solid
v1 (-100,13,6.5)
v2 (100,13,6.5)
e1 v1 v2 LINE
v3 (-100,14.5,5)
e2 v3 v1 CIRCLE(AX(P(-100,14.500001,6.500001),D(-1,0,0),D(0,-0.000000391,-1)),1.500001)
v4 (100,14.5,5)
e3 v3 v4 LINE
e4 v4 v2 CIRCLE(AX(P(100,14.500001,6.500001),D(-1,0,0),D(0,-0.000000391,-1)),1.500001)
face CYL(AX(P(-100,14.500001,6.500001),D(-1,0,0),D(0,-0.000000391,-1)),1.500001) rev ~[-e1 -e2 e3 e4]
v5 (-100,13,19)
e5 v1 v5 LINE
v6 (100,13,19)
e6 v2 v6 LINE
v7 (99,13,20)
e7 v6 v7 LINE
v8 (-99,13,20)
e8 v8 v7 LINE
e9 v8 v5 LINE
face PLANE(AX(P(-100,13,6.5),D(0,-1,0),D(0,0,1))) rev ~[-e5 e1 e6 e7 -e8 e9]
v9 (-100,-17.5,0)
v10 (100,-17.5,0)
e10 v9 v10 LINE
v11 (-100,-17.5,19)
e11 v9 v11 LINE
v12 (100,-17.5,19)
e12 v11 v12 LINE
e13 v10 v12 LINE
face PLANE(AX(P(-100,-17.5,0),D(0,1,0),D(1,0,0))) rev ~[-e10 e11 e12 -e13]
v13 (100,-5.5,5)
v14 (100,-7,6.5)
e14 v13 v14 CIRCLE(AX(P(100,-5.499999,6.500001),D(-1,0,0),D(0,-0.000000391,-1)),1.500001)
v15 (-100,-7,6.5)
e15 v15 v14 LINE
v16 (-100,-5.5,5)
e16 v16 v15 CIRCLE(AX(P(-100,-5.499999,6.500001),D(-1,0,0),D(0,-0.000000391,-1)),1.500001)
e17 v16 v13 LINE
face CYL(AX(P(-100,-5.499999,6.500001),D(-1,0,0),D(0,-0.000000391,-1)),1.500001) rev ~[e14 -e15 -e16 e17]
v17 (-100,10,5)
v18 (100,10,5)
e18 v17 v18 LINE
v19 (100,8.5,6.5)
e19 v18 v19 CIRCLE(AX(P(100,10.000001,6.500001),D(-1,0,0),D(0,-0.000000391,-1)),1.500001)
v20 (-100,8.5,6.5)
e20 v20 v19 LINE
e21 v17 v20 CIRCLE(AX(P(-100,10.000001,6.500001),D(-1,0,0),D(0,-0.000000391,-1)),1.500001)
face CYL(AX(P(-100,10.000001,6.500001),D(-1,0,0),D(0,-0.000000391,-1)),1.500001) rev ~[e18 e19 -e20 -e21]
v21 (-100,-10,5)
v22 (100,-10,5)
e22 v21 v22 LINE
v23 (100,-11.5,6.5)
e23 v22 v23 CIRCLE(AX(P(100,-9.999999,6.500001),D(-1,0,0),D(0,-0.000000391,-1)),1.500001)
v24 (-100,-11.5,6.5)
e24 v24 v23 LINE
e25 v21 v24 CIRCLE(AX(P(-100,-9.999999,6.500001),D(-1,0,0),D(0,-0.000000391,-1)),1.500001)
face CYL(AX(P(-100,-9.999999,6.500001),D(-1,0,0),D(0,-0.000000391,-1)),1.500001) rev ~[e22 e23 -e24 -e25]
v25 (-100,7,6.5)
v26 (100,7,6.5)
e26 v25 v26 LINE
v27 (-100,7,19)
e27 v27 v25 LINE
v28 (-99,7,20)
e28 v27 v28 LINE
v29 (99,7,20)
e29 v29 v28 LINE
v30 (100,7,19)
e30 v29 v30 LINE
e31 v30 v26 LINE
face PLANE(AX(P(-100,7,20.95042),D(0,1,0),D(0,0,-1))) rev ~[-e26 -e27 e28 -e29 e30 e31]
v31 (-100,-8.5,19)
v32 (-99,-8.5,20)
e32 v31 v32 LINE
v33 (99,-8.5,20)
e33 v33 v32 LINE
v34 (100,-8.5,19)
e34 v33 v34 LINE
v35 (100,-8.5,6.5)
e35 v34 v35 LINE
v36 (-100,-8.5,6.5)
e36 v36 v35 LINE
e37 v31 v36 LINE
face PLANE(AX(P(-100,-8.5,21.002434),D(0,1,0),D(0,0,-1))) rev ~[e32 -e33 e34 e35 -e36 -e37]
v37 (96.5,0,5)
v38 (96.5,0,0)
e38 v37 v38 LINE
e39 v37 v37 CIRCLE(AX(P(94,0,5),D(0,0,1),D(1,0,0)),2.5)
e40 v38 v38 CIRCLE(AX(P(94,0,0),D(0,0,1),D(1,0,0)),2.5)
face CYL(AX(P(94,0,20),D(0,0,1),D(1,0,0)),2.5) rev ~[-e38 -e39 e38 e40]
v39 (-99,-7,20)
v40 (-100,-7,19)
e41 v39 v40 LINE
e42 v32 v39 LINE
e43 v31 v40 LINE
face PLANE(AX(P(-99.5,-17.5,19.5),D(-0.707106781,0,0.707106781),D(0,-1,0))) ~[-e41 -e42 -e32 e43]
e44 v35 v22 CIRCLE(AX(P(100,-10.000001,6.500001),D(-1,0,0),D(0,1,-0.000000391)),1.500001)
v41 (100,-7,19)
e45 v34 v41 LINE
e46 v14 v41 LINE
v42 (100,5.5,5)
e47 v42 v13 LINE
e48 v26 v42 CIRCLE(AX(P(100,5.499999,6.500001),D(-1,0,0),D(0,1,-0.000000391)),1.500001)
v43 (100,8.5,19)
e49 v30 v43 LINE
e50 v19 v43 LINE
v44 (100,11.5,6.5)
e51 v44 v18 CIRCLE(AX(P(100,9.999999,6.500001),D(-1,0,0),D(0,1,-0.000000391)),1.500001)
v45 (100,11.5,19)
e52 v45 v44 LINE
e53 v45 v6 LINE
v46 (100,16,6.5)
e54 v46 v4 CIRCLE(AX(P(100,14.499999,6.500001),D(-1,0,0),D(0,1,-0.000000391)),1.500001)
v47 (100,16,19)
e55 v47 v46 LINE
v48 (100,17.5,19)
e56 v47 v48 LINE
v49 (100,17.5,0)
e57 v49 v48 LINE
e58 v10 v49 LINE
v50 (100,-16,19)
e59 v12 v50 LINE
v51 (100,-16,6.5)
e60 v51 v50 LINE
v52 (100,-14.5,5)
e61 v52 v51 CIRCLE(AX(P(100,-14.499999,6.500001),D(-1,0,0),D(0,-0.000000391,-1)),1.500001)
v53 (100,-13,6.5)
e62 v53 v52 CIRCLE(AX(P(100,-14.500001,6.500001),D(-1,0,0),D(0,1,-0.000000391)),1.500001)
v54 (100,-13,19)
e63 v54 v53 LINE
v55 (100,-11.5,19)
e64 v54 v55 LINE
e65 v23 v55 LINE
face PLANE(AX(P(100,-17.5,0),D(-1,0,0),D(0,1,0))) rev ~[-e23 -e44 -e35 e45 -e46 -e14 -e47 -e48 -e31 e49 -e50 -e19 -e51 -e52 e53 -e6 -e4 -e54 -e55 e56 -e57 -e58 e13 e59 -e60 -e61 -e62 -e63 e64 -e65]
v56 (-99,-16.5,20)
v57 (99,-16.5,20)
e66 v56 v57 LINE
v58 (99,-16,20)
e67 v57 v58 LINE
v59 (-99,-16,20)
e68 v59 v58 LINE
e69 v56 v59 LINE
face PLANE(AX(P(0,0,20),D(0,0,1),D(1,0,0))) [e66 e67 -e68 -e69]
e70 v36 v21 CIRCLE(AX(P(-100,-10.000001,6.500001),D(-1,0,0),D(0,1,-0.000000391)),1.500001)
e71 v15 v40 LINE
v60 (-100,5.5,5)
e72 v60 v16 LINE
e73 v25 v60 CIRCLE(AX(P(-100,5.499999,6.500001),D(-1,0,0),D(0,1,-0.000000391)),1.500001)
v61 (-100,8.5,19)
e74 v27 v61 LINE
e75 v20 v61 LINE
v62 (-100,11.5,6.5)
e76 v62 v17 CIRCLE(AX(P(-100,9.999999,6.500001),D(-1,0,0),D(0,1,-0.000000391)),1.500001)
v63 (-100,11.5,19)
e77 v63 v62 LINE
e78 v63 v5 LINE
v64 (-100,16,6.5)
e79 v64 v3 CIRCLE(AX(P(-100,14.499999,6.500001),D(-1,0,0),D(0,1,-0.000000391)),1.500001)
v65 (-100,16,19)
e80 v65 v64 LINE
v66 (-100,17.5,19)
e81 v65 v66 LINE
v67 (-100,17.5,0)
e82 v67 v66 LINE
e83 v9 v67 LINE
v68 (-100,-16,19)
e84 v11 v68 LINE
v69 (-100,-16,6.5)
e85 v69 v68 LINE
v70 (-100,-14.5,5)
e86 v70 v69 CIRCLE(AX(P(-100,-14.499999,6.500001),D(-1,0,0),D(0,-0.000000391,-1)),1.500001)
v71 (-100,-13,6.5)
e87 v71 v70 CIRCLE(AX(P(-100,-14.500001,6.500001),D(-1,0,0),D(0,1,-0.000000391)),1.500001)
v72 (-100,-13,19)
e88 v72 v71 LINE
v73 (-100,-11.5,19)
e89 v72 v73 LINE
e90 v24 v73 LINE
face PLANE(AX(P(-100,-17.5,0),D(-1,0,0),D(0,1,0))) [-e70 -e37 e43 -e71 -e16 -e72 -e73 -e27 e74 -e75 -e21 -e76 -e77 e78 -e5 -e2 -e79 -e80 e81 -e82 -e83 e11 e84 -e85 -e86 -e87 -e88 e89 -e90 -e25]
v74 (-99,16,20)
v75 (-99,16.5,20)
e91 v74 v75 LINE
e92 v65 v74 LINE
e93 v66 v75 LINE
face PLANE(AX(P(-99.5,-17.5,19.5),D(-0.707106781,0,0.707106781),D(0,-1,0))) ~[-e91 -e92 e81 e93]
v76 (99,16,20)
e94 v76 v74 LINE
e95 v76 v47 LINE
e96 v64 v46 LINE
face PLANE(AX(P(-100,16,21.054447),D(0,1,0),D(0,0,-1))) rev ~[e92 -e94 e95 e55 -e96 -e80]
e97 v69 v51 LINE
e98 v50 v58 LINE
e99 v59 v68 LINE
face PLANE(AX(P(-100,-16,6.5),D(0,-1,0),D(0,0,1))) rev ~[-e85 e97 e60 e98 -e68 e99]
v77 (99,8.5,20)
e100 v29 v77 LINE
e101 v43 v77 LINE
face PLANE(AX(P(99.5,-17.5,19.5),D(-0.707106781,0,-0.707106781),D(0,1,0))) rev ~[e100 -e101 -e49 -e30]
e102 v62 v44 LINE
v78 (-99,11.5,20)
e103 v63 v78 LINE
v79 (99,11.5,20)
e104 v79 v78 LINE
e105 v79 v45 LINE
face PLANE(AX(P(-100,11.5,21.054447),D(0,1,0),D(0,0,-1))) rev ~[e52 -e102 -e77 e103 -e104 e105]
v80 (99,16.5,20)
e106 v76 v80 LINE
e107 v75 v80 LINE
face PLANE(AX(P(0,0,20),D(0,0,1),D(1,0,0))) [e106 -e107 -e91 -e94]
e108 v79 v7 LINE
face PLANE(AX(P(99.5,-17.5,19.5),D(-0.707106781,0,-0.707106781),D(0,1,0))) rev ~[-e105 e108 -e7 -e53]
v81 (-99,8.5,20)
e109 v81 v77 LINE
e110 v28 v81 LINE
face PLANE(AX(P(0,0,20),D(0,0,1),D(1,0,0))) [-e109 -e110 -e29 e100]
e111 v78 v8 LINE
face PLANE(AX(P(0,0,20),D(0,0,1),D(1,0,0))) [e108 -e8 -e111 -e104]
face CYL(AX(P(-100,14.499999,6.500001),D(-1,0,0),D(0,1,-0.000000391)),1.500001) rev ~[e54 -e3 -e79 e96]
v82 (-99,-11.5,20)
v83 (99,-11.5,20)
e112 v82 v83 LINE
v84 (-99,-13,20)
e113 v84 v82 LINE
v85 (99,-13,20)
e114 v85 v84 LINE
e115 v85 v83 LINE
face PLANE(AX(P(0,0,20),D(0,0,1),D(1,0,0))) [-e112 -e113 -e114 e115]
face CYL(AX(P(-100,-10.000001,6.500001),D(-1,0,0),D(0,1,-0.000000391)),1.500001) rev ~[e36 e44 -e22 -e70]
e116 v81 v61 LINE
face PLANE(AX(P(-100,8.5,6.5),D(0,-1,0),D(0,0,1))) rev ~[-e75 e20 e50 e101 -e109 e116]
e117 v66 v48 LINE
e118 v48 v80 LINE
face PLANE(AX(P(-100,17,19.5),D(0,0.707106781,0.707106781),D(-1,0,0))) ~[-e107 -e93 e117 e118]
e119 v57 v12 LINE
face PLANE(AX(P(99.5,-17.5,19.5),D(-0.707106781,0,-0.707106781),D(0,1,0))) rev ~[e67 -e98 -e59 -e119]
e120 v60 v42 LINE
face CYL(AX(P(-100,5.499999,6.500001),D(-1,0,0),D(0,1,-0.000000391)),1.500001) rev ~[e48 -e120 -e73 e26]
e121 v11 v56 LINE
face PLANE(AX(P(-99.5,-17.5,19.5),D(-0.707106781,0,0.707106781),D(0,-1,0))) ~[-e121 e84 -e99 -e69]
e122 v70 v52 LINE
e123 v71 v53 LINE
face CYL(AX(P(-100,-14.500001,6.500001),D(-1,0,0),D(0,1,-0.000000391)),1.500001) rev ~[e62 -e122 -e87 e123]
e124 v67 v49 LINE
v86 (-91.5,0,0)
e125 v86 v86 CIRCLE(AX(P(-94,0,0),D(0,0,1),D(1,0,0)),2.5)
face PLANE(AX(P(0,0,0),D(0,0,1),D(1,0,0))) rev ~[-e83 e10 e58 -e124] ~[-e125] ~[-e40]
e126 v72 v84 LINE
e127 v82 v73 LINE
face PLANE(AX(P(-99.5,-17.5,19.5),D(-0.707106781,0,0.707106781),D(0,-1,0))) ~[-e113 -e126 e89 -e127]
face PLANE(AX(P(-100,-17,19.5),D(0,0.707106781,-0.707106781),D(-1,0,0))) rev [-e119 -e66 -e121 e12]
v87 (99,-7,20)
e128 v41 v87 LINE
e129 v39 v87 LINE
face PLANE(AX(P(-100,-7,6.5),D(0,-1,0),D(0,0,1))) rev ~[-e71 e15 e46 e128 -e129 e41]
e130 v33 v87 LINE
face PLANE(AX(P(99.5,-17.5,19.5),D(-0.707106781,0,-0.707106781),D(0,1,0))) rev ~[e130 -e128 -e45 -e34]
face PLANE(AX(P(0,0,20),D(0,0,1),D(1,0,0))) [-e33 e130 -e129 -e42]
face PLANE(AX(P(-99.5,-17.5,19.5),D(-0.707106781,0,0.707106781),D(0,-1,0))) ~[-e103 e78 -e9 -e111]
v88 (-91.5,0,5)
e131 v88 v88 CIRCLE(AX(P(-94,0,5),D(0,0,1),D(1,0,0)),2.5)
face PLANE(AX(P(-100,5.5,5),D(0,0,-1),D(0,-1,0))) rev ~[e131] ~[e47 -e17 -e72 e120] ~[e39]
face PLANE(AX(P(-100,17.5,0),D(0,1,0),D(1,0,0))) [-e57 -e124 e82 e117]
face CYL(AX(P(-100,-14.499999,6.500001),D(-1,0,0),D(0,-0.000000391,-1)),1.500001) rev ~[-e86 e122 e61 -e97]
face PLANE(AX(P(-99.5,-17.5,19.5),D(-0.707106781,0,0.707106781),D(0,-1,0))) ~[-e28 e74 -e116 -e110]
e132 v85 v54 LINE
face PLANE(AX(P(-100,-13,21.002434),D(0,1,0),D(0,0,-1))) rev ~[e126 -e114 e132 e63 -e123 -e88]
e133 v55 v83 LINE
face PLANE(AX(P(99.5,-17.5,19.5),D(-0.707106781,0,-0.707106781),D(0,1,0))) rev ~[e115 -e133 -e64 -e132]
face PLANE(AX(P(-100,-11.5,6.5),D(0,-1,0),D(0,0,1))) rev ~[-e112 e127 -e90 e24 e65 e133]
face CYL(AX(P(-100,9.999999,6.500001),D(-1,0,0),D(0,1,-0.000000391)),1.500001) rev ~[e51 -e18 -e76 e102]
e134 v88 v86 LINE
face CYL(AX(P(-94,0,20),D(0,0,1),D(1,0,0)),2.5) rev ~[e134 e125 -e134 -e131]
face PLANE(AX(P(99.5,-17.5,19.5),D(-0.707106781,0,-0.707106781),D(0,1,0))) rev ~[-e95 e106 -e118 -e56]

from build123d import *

# Parameters (mm, degrees)
F0_W     = 200
F0_H     = 35
F1_DEPTH = 20
F2_R     = 2.5
F3_DEPTH = 25
F4_SIZE  = 1
F6_DEPTH = 240
F8_DEPTH = 250


with BuildPart() as f1:
    # F0 (on Top) → F1 (new body)
    with BuildSketch(Plane.XY):
        Rectangle(F0_W, F0_H)
    extrude(amount=F1_DEPTH)

    # F2 (on face) → F3 (cut)
    with BuildSketch(Plane.XY.offset(20)):
        with Locations((-94, 0)):
            Circle(F2_R)
        with Locations((94, 0)):
            Circle(F2_R)
    extrude(amount=-F3_DEPTH, mode=Mode.SUBTRACT)

    # F4
    f4_edges = [f1.edges().sort_by_distance(p)[0] for p in [
        (0, 17.5, 20),
        (100, 0, 20),
        (-100, 0, 20),
        (0, -17.5, 20),
        (-96.5, 0, 20),
        (91.5, 0, 20),
    ]]
    chamfer(f4_edges, length=F4_SIZE)

    # F5 (on face) → F6 (cut)
    with BuildSketch(Plane(origin=(-100, 0, 0), x_dir=(0, -1, 0), z_dir=(-1, 0, 0))):
        with BuildLine():
            Line((-13, 21.054447), (-16, 21.054447))
            Line((-16, 21.054447), (-16, 6.5))
            ThreePointArc((-16, 6.5), (-15.56066, 5.43934), (-14.5, 5))
            ThreePointArc((-14.5, 5), (-13.43934, 5.43934), (-13, 6.5))
            Line((-13, 6.5), (-13, 21.054447))
        make_face()
        with BuildLine():
            Line((-8.5, 21.054447), (-11.5, 21.054447))
            Line((-11.5, 21.054447), (-11.5, 6.5))
            ThreePointArc((-11.5, 6.5), (-11.06066, 5.43934), (-10, 5))
            ThreePointArc((-10, 5), (-8.93934, 5.43934), (-8.5, 6.5))
            Line((-8.5, 6.5), (-8.5, 21.054447))
        make_face()
        with BuildLine():
            Line((-4, 20.95042), (-7, 20.95042))
            Line((-7, 20.95042), (-7, 6.5))
            ThreePointArc((-7, 6.5), (-6.56066, 5.43934), (-5.5, 5))
            ThreePointArc((-5.5, 5), (-4.43934, 5.43934), (-4, 6.5))
            Line((-4, 6.5), (-4, 20.95042))
        make_face()
        with BuildLine():
            Line((11.5, 21.002434), (8.5, 21.002434))
            Line((8.5, 21.002434), (8.5, 6.5))
            ThreePointArc((8.5, 6.5), (8.93934, 5.43934), (10, 5))
            ThreePointArc((10, 5), (11.06066, 5.43934), (11.5, 6.5))
            Line((11.5, 6.5), (11.5, 21.002434))
        make_face()
        with BuildLine():
            Line((16, 21.002434), (13, 21.002434))
            Line((13, 21.002434), (13, 6.5))
            ThreePointArc((13, 6.5), (13.43934, 5.43934), (14.5, 5))
            ThreePointArc((14.5, 5), (15.56066, 5.43934), (16, 6.5))
            Line((16, 6.5), (16, 21.002434))
        make_face()
        with BuildLine():
            Line((7, 21.002434), (4, 21.002434))
            Line((4, 21.002434), (4, 6.5))
            ThreePointArc((4, 6.5), (4.43934, 5.43934), (5.5, 5))
            ThreePointArc((5.5, 5), (6.56066, 5.43934), (7, 6.5))
            Line((7, 6.5), (7, 21.002434))
        make_face()
    extrude(amount=-F6_DEPTH, mode=Mode.SUBTRACT)

    # F7 (on face) → F8 (cut)
    with BuildSketch(Plane(origin=(-100, 0, 0), x_dir=(0, -1, 0), z_dir=(-1, 0, 0))):
        with BuildLine():
            ThreePointArc((-4, 6.5), (-4.43934, 5.43934), (-5.5, 5))
            Line((-5.5, 5), (5.5, 5))
            ThreePointArc((5.5, 5), (4.43934, 5.43934), (4, 6.5))
            Line((4, 6.5), (4, 19))
            Line((4, 19), (-4, 19))
            Line((-4, 19), (-4, 6.5))
        make_face()
        with BuildLine():
            Line((5.5, 21.402081), (-5.5, 21.402081))
            Line((-5.5, 21.402081), (-5.5, 5))
            ThreePointArc((-5.5, 5), (-4.43934, 5.43934), (-4, 6.5))
            Line((-4, 6.5), (-4, 19))
            Line((-4, 19), (4, 19))
            Line((4, 19), (4, 6.5))
            ThreePointArc((4, 6.5), (4.43934, 5.43934), (5.5, 5))
            Line((5.5, 5), (5.5, 21.402081))
        make_face()
    extrude(amount=-F8_DEPTH, mode=Mode.SUBTRACT)


solid = f1.part
